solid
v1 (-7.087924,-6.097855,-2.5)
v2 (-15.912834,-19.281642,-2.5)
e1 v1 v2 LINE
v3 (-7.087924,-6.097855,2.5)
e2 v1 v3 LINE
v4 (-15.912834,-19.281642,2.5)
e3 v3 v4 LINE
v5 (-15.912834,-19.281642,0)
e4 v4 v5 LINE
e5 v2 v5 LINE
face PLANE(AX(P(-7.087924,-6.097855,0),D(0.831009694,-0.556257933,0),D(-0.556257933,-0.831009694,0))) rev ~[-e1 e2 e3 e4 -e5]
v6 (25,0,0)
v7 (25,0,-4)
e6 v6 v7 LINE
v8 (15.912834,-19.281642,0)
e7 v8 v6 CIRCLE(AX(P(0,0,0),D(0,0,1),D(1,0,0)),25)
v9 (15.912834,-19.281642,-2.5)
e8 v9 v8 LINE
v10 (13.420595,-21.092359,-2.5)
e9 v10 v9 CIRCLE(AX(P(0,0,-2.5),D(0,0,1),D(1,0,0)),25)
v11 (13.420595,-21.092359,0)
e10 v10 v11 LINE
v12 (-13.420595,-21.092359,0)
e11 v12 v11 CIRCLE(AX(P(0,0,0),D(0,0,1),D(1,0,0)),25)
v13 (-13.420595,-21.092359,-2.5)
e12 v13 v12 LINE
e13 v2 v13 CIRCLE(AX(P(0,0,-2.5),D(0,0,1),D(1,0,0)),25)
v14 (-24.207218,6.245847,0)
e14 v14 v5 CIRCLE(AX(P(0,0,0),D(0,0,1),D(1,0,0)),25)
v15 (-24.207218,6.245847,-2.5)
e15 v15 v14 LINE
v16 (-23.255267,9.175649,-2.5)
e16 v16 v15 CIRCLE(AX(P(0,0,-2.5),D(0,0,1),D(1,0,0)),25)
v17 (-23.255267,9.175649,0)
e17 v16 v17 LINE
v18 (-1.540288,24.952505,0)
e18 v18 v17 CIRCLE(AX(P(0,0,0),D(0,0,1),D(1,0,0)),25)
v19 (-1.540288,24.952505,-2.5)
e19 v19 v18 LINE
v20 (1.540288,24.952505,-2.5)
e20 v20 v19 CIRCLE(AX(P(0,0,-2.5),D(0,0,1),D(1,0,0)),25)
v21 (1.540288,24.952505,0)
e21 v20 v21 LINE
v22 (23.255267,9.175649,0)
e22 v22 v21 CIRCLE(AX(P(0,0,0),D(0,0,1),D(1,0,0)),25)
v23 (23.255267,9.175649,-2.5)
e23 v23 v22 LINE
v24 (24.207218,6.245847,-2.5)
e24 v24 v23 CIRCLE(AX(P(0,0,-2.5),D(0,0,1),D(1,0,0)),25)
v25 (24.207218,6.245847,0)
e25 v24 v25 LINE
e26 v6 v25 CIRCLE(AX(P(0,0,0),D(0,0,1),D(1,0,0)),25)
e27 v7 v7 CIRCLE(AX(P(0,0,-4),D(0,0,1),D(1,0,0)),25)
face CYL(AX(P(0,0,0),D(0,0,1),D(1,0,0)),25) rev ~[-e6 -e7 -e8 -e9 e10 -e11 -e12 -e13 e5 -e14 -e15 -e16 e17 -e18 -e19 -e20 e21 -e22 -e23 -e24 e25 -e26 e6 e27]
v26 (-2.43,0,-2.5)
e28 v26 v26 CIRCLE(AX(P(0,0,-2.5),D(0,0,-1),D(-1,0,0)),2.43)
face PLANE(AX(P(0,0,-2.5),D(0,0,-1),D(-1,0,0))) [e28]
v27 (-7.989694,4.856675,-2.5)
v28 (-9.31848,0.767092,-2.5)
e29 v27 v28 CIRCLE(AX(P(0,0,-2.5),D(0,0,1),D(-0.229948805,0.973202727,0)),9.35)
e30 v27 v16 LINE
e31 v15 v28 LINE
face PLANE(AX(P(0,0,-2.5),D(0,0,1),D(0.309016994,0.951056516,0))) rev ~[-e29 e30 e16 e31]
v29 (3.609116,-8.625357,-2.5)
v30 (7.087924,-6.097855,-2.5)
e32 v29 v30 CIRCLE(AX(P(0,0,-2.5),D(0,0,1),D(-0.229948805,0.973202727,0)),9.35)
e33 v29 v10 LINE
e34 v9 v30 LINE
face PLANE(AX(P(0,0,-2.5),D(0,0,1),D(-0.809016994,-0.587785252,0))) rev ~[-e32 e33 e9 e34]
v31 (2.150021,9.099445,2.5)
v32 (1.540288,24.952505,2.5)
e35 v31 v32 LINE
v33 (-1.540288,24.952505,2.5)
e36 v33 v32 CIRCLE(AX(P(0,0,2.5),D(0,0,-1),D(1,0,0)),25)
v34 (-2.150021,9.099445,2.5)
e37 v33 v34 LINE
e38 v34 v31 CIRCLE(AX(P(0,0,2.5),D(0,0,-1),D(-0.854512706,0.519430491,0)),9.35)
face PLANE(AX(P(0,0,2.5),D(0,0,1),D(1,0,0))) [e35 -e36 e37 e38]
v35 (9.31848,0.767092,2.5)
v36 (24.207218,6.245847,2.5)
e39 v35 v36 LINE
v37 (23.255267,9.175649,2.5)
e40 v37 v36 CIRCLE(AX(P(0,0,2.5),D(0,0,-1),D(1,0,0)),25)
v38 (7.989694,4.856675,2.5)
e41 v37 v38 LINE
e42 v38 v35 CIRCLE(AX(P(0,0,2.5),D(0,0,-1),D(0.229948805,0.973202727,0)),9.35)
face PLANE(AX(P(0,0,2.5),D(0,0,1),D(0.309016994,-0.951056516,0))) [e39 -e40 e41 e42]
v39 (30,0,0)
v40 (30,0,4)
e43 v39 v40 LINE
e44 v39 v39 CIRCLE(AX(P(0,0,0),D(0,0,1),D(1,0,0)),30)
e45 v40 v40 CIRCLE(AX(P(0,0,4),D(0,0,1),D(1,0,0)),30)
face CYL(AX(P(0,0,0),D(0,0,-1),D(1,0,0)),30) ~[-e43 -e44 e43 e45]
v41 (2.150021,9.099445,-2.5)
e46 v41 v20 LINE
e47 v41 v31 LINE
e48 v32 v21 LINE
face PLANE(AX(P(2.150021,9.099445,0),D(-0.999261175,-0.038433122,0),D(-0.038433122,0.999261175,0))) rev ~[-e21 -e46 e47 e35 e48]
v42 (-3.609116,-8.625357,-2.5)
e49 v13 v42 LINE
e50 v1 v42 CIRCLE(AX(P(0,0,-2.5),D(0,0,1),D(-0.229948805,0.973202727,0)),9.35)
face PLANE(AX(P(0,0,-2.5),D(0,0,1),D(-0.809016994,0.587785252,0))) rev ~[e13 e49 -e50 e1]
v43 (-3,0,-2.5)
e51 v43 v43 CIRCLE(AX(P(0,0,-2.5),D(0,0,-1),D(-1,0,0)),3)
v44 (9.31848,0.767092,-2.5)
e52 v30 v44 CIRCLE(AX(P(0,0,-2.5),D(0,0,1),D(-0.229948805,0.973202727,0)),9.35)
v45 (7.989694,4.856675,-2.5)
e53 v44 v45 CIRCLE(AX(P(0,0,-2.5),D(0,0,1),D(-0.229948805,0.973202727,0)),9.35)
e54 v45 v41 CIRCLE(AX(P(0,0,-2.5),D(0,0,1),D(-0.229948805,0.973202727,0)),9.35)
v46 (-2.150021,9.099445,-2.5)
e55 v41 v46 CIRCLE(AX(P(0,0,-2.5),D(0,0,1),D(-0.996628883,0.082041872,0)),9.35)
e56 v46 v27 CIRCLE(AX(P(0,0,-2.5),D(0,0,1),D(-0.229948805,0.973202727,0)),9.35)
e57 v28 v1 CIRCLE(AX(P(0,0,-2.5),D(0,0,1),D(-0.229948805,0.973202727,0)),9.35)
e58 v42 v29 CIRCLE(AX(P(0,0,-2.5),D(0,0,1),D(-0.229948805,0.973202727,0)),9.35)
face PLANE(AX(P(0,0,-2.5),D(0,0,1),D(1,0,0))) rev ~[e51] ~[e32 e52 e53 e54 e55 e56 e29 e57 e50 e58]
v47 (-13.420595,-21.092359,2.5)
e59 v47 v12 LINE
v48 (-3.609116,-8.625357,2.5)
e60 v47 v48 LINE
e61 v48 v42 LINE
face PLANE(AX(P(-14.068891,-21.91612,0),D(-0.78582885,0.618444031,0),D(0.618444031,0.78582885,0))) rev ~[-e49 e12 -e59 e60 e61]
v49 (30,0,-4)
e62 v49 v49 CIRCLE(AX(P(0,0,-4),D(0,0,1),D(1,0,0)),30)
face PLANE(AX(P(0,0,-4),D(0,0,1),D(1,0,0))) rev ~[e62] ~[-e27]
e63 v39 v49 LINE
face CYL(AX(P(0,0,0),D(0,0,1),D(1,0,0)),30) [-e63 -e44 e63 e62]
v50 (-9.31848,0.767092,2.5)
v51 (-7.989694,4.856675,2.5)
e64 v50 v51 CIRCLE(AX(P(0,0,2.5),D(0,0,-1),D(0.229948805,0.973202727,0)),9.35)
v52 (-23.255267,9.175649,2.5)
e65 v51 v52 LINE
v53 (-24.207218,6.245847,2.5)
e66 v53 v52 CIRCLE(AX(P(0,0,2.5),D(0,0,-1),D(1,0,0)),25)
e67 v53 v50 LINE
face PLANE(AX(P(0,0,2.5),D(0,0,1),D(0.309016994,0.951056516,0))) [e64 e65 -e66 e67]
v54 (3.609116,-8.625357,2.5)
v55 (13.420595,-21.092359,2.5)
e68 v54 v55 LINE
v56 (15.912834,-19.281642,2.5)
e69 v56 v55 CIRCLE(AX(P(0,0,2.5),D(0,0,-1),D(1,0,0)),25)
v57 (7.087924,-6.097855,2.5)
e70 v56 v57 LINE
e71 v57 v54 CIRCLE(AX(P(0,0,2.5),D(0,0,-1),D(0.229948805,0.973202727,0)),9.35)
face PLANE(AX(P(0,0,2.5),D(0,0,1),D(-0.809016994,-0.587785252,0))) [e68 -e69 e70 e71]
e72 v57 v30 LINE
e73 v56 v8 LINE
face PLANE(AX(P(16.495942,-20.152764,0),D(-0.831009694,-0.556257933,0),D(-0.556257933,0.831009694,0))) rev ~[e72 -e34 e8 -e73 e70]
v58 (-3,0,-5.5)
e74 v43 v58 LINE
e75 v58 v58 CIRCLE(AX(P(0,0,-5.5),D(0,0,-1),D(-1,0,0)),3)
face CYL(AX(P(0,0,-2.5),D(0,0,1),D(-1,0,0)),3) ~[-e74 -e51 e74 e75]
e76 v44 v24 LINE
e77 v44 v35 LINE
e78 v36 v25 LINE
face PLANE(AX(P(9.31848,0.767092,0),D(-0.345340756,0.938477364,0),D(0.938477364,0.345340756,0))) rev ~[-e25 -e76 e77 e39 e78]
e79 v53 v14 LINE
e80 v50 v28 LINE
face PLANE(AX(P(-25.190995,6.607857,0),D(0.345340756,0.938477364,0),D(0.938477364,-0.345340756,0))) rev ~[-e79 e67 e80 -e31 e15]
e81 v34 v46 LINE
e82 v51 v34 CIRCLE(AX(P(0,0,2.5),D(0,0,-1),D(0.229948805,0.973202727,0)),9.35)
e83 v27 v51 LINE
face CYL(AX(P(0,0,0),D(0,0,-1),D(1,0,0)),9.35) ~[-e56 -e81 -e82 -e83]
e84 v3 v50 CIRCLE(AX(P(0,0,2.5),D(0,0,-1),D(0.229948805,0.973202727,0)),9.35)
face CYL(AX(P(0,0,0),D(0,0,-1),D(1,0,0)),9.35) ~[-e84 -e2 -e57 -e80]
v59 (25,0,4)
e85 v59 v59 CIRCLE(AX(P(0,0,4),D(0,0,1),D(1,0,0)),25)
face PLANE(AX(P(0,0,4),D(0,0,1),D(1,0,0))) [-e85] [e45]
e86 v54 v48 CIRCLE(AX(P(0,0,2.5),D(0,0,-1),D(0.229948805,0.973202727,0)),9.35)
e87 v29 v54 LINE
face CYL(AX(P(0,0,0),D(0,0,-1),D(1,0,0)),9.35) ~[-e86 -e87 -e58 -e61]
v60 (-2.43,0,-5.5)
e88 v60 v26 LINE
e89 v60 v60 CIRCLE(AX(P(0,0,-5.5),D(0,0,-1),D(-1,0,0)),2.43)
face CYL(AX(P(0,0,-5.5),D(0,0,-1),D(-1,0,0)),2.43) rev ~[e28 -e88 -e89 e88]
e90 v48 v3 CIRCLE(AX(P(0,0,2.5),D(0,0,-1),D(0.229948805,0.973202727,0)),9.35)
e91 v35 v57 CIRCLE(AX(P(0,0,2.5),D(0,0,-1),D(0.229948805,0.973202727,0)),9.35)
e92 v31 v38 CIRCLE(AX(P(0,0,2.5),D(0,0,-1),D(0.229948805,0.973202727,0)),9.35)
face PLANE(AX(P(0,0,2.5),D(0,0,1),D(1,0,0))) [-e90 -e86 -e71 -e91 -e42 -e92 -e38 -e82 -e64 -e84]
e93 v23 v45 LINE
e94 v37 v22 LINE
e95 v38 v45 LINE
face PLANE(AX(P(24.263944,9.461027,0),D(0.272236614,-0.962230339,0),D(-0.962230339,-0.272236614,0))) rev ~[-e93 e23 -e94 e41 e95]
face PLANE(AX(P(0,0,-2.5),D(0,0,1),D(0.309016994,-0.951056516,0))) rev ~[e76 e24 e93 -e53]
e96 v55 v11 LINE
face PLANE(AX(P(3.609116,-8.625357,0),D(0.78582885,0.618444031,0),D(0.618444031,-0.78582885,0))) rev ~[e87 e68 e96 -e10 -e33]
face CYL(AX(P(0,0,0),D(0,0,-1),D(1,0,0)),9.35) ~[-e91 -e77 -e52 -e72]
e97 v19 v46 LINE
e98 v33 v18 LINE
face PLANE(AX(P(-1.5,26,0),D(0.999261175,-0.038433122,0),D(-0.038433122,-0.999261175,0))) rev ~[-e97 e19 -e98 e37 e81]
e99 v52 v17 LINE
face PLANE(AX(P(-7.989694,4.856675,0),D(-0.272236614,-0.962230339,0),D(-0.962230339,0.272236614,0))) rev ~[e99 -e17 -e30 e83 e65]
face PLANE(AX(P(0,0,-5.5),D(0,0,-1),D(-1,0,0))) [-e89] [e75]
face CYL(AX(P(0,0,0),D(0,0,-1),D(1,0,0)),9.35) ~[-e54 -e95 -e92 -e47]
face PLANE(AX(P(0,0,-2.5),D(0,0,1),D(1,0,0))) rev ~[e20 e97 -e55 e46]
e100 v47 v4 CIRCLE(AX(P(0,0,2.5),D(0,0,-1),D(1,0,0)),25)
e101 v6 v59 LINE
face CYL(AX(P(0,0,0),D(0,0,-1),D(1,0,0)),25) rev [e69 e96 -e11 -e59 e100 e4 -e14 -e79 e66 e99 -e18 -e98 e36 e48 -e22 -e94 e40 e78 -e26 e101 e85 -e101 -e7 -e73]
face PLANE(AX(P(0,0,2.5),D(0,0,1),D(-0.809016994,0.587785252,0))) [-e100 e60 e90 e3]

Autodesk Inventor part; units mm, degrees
ref_plane "YZ Plane" through (0, 0, 0) normal (1, 0, 0) x (0, 1, 0)
ref_plane "XZ Plane" through (0, 0, 0) normal (0, 1, 0) x (-1, 0, 0)
ref_plane "XY Plane" through (0, 0, 0) normal (0, 0, 1) x (1, 0, 0)
sketch "スケッチ1" plane through (0, 0, 0) normal (0, 0, 1) x (1, 0, 0)
  circle A0 centre (0, 0) radius 30
  circle A1 centre (0, 0) radius 25
  dimension "d0" = 60
  dimension "d1" = 5
extrude "押し出し1" add sketch "スケッチ1" along normal mid plane 8
sketch "スケッチ2" plane through (0, 0, 0) normal (0, 0, 1) x (1, 0, 0)
  circle A0 centre (0, 0) radius 9.35
  line L0 (-1.5, 26) -> (-2.5, 0)
  line L1 (-2.5, 0) -> (2.5, 0)
  line L2 (2.5, 0) -> (1.5, 26)
  line L3 (1.5, 26) -> (-1.5, 26)
  point P0 (0, 26)
  point P1 (-2.15, 9.0994)
  point P2 (2.15, 9.0994)
  dimension "d4" = 18.7
  dimension "d5" = 5
  dimension "d6" = 3
  dimension "d7" = 26
extrude "押し出し2" add sketch "スケッチ2" along normal mid plane 5
pattern_circular "円形状パターン1" count 5 over 360 about axis through (0, 0, -10) along (0, 0, 1) of "押し出し2"
sketch "スケッチ3" plane through (0, 0, -2.5) normal (0, 0, -1) x (-1, 0, 0)
  circle A0 centre (0, 0) radius 3
  dimension "d13" = 6
extrude "押し出し3" add sketch "スケッチ3" along normal blind 3
sketch "スケッチ4" plane through (0, 0, -5.5) normal (0, 0, -1) x (-1, 0, 0)
  circle A0 centre (0, 0) radius 2.43
  dimension "d16" = 4.86
extrude "押し出し4" cut sketch "スケッチ4" against normal blind 3
properties part number "FS90R-W"
